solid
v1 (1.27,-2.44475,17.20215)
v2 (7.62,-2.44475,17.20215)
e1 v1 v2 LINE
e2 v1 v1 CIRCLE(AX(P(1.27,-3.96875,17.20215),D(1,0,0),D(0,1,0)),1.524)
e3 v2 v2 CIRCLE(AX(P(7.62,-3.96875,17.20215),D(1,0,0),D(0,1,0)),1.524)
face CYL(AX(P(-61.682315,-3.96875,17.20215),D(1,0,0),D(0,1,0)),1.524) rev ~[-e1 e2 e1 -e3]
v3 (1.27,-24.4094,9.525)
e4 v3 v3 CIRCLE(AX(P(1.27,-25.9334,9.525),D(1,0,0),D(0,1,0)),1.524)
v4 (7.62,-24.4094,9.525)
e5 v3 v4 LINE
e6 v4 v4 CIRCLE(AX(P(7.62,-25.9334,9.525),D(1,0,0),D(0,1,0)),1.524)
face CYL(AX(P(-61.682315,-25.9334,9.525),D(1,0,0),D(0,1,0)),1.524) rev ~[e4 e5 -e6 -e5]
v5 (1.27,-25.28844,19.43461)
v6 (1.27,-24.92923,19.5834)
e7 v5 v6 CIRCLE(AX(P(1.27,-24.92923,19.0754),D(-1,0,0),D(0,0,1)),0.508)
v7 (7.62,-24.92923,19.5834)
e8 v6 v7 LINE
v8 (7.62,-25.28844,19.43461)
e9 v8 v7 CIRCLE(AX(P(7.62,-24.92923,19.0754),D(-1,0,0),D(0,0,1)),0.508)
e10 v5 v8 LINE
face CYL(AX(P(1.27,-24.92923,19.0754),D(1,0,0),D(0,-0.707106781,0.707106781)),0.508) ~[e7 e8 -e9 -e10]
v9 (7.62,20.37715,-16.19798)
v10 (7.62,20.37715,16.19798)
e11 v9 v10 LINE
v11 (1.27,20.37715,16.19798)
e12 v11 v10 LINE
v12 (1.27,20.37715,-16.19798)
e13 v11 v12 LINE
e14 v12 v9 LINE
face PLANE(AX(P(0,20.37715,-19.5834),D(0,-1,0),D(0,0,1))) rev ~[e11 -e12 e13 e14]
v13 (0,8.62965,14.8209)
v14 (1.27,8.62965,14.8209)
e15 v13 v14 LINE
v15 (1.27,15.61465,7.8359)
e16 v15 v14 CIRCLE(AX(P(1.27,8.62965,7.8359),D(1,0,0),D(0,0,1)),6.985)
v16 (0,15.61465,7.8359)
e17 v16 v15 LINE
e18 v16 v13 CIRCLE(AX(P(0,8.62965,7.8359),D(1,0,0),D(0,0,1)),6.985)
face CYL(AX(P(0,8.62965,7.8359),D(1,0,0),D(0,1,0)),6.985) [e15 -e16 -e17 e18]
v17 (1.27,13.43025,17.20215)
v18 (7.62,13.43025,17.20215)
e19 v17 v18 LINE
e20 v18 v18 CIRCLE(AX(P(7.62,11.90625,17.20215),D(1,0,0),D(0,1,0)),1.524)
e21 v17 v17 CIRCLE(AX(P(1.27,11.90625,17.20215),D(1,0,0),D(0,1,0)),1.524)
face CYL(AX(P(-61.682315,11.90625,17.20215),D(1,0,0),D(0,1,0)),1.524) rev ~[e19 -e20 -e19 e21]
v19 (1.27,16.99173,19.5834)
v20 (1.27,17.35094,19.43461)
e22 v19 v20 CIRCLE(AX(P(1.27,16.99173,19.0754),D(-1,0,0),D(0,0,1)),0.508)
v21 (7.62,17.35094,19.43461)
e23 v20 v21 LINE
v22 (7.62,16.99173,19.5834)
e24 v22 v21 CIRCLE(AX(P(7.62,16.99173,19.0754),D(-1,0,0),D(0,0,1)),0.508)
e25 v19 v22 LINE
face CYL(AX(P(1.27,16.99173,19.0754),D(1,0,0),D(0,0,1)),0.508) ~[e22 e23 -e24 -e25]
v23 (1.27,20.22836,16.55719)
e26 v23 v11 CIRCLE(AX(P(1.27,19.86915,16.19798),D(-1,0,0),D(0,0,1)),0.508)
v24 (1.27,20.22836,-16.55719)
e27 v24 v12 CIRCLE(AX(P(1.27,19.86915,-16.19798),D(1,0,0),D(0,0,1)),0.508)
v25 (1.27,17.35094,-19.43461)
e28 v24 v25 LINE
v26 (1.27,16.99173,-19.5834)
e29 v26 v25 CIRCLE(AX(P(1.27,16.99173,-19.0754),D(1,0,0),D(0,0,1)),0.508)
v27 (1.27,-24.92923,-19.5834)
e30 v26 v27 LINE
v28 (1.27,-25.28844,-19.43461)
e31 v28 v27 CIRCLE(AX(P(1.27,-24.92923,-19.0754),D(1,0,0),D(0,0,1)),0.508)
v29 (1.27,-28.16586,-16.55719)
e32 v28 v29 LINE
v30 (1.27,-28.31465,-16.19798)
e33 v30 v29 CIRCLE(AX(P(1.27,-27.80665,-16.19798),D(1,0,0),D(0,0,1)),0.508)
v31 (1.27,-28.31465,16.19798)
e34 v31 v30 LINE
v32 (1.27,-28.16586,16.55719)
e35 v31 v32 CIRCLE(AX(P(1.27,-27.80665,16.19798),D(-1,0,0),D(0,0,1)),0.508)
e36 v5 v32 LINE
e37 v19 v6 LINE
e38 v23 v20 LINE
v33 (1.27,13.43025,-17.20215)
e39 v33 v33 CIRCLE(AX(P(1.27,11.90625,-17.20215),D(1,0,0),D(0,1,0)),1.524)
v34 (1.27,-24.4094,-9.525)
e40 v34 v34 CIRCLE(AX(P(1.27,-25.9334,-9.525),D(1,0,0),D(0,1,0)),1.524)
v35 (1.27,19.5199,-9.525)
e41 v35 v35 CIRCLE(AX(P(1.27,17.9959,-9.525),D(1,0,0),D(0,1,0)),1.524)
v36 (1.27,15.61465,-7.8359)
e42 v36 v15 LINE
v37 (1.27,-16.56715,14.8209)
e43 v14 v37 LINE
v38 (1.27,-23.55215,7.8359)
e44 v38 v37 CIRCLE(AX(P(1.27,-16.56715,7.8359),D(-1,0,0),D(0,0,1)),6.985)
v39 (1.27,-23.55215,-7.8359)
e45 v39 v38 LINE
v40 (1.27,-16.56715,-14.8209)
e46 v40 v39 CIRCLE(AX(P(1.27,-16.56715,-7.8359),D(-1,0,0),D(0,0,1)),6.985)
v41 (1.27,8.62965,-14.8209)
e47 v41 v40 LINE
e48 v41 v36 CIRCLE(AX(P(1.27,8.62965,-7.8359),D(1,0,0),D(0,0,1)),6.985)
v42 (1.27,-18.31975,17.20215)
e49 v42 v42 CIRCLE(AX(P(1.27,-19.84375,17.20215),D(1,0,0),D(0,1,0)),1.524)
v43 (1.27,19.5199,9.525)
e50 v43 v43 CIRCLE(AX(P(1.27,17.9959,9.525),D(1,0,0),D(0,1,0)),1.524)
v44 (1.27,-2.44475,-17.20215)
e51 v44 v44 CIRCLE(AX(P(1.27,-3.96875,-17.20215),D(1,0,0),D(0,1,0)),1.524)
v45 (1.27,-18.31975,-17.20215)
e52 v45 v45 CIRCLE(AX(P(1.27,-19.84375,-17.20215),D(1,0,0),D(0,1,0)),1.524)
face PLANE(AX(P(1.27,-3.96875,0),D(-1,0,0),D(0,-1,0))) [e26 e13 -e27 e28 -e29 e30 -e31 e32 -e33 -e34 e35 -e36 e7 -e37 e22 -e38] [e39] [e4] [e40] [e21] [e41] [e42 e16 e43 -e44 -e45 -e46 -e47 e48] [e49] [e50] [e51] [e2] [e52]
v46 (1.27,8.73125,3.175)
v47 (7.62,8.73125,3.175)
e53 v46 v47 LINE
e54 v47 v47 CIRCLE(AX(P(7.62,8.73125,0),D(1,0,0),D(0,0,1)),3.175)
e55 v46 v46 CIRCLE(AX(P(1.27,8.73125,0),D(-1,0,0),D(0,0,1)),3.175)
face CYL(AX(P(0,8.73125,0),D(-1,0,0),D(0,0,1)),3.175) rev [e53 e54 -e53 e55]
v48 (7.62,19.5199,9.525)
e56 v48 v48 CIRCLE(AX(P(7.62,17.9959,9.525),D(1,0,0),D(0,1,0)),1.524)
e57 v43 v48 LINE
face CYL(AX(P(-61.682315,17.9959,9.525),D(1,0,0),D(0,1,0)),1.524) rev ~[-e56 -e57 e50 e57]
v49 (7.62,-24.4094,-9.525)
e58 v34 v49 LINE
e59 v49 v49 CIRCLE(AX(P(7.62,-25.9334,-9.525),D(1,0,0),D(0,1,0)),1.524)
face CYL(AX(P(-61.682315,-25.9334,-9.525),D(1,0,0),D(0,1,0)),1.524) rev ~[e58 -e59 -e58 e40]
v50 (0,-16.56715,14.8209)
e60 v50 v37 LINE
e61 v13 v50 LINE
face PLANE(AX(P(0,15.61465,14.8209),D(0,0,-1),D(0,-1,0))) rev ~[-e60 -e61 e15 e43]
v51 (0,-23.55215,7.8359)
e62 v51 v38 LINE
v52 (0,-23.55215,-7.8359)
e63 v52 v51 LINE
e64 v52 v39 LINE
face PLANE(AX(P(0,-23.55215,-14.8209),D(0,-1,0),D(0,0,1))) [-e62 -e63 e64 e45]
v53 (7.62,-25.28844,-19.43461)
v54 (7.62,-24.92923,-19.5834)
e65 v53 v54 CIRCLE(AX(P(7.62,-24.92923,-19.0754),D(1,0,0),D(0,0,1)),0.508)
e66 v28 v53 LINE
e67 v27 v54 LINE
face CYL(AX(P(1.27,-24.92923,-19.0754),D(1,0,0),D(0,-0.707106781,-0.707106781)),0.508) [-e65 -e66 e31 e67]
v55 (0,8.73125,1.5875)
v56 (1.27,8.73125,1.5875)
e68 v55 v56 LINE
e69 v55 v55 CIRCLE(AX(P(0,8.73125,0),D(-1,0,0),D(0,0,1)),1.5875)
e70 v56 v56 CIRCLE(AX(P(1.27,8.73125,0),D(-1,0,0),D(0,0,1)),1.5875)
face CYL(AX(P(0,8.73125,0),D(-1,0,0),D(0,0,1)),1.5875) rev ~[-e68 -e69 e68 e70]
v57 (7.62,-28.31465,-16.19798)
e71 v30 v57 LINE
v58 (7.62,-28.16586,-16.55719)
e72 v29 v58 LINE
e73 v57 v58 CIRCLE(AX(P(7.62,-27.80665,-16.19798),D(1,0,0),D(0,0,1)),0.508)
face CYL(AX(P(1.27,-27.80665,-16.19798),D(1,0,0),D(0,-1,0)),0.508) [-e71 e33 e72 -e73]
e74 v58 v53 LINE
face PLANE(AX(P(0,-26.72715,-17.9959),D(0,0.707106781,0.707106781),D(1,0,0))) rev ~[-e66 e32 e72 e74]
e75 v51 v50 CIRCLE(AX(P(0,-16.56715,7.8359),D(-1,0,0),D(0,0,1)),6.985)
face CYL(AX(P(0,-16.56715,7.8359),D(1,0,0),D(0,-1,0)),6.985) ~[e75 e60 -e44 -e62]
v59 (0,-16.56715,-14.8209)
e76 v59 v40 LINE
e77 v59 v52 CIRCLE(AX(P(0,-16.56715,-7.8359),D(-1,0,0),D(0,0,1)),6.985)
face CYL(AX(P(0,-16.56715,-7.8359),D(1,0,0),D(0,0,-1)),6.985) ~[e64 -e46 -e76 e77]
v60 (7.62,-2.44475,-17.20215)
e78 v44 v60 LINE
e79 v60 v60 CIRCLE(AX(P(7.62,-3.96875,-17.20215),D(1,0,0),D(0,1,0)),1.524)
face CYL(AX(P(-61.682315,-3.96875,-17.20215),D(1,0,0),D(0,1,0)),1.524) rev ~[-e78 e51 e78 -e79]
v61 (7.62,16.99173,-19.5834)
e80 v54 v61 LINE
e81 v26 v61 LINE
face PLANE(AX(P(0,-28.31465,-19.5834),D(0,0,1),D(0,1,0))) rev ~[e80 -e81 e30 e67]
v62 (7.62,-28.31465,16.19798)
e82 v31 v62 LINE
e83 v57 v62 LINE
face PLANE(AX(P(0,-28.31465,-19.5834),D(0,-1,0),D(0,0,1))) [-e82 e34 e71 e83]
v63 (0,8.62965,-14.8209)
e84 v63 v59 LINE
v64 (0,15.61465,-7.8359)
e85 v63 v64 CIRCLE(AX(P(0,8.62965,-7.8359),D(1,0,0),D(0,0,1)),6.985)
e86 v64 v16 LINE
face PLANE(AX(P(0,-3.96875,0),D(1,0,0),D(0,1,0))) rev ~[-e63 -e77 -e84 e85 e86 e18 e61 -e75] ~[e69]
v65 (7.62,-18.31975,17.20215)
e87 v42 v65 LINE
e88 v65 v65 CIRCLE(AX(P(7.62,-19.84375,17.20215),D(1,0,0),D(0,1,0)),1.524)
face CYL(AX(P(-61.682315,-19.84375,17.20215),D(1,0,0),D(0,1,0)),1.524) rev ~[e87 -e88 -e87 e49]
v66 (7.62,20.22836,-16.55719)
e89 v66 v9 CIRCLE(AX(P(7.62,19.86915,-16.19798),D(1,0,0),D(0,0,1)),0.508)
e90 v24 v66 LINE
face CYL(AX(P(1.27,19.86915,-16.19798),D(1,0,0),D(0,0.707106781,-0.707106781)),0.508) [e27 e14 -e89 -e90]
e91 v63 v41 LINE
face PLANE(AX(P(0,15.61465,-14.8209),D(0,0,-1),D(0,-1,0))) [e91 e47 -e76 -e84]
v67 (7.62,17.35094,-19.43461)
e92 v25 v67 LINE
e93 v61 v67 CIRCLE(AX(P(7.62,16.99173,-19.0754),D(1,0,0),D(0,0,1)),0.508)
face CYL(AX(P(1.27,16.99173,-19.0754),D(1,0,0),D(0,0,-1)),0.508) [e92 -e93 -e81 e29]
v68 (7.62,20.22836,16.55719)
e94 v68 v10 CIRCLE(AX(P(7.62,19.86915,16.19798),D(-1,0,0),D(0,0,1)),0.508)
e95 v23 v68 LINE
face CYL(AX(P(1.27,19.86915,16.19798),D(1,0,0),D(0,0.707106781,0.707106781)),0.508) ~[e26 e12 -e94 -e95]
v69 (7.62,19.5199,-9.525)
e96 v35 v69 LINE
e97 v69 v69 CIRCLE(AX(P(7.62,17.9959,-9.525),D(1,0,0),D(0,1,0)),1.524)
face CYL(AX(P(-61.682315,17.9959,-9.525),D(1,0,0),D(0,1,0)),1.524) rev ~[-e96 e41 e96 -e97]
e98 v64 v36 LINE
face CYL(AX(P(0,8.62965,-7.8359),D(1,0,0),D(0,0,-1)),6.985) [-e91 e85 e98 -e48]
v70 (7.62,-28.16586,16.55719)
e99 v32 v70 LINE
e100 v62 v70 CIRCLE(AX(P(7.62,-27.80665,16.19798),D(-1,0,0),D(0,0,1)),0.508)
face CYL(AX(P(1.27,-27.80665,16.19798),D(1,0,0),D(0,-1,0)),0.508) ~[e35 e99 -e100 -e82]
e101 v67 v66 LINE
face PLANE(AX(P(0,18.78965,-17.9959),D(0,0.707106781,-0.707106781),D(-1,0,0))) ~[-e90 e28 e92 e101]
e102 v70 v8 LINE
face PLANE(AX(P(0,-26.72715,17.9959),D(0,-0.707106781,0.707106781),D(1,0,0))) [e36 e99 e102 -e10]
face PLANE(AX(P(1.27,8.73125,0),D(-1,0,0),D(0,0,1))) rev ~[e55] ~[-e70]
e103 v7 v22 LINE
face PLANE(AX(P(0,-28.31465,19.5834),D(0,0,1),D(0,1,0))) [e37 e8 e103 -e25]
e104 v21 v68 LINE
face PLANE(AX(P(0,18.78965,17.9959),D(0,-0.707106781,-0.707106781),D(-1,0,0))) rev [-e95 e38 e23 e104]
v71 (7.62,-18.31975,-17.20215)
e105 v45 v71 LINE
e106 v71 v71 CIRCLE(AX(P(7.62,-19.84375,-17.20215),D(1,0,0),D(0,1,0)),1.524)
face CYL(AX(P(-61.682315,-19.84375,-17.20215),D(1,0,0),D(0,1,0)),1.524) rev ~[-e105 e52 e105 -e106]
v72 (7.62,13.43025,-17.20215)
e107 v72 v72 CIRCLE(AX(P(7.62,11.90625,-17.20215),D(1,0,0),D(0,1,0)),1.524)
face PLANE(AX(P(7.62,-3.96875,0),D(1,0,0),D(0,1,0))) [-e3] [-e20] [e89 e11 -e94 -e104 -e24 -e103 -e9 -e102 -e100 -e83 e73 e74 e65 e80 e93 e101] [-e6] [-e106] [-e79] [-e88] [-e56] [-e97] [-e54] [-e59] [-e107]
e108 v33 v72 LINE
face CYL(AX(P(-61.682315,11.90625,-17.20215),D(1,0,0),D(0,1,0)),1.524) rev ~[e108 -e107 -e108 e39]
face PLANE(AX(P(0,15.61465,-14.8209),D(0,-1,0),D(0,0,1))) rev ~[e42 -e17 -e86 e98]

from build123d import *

# Parameters (mm, degrees)
SKETCH1_W             = 48.6918
SKETCH1_H             = 39.1668
SKETCH1_R             = 4.7625
SKETCH1_R_2           = 3.175
BOSS_EXTRUDE1_DEPTH   = 7.62
CHAMFER1_SIZE         = 3.175
SKETCH3_W             = 39.1668
SKETCH3_H             = 29.6418
CUT_EXTRUDE2_DEPTH    = 1.27
F_4_CLEARANCE_HOLE1_D = 3.048
SKETCH7_R             = 4.415840843
SKETCH7_R_2           = 3.175
SKETCH7_R_3           = 1.5875
BOSS_EXTRUDE2_DEPTH   = 1.27
SKETCH15_R            = 6.0325
BOSS_EXTRUDE7_DEPTH   = 7.62
FILLET3_R             = 6.985
FILLET4_R             = 0.508


with BuildPart() as part:
    # Sketch1 → Boss-Extrude1 (new body)
    with BuildSketch(Plane.YZ):
        with Locations((-3.96875, 0)):
            Rectangle(SKETCH1_W, SKETCH1_H)
        with Locations(Location((-8.73125, 0, 0), (0, 0, 90))):
            Circle(SKETCH1_R, mode=Mode.SUBTRACT)
        with Locations(Location((8.73125, 0, 0), (0, 0, 90))):
            Circle(SKETCH1_R_2, mode=Mode.SUBTRACT)
    extrude(amount=BOSS_EXTRUDE1_DEPTH)

    # Chamfer1
    chamfer1_edges = [part.edges().sort_by_distance(p)[0] for p in [
        (3.81, 20.37715, -19.5834),
        (3.81, -28.31465, -19.5834),
        (3.81, -28.31465, 19.5834),
        (3.81, 20.37715, 19.5834),
    ]]
    chamfer(chamfer1_edges, length=CHAMFER1_SIZE)

    # Sketch3 → Cut-Extrude2 (cut)
    with BuildSketch(Plane(origin=(0, 0, 0), x_dir=(0, -1, 0), z_dir=(-1, 0, 0))):
        Polygon((-18.254252448, -22.1234), (26.191752448, -22.1234), (30.85465, -17.460502448), (30.85465, 17.460502448), (26.191752448, 22.1234), (-18.254252448, 22.1234), (-22.91715, 17.460502448), (-22.91715, -17.460502448), align=None)
        with Locations((3.96875, 0)):
            Rectangle(SKETCH3_W, SKETCH3_H, mode=Mode.SUBTRACT)
    extrude(amount=-CUT_EXTRUDE2_DEPTH, mode=Mode.SUBTRACT)

    # #4 Clearance Hole1 (through all)
    with Locations(Plane(origin=(1.27, 0, 0), x_dir=(0, -1, 0), z_dir=(-1, 0, 0))):
        with Locations((-17.9959, 9.525), (-11.90625, 17.20215), (3.96875, 17.20215), (19.84375, 17.20215), (25.9334, 9.525), (25.9334, -9.525), (19.84375, -17.20215), (3.96875, -17.20215), (-11.90625, -17.20215), (-17.9959, -9.525)):
            Hole(F_4_CLEARANCE_HOLE1_D / 2)

    # Sketch7 → Boss-Extrude2 (add)
    # profile 1 of 2: a face of its own
    with BuildSketch(Plane(origin=(0, 0, 0), x_dir=(0, -1, 0), z_dir=(-1, 0, 0))):
        with Locations((-8.73125, 0)):
            Circle(SKETCH7_R)
        with Locations(Location((-8.73125, 0, 0), (0, 0, 90))):
            Circle(SKETCH7_R_2, mode=Mode.SUBTRACT)
    # profile 2 of 2: a face of its own
    with BuildSketch(Plane(origin=(0, 0, 0), x_dir=(0, -1, 0), z_dir=(-1, 0, 0))):
        with Locations(Location((-8.73125, 0, 0), (0, 0, 90))):
            Circle(SKETCH7_R_2)
        with Locations(Location((-8.73125, 0, 0), (0, 0, 90))):
            Circle(SKETCH7_R_3, mode=Mode.SUBTRACT)
    extrude(amount=-BOSS_EXTRUDE2_DEPTH)

    # Sketch15 → Boss-Extrude7 (add)
    with BuildSketch(Plane.YZ.offset(7.62)):
        with Locations((-8.73125, 0)):
            Circle(SKETCH15_R)
    extrude(amount=-BOSS_EXTRUDE7_DEPTH)

    # Fillet3
    fillet3_edges = [part.edges().sort_by_distance(p)[0] for p in [
        (0.635, 15.61465, 14.8209),
        (0.635, -23.55215, 14.8209),
        (0.635, -23.55215, -14.8209),
        (0.635, 15.61465, -14.8209),
    ]]
    fillet(fillet3_edges, radius=FILLET3_R)

    # Fillet4
    fillet4_edges = [part.edges().sort_by_distance(p)[0] for p in [
        (4.445, -25.13965, -19.5834),
        (4.445, -28.31465, 16.4084),
        (4.445, 20.37715, -16.4084),
        (4.445, 17.20215, 19.5834),
        (4.445, -25.13965, 19.5834),
        (4.445, 20.37715, 16.4084),
        (4.445, 17.20215, -19.5834),
        (4.445, -28.31465, -16.4084),
    ]]
    fillet(fillet4_edges, radius=FILLET4_R)


solid = part.part
